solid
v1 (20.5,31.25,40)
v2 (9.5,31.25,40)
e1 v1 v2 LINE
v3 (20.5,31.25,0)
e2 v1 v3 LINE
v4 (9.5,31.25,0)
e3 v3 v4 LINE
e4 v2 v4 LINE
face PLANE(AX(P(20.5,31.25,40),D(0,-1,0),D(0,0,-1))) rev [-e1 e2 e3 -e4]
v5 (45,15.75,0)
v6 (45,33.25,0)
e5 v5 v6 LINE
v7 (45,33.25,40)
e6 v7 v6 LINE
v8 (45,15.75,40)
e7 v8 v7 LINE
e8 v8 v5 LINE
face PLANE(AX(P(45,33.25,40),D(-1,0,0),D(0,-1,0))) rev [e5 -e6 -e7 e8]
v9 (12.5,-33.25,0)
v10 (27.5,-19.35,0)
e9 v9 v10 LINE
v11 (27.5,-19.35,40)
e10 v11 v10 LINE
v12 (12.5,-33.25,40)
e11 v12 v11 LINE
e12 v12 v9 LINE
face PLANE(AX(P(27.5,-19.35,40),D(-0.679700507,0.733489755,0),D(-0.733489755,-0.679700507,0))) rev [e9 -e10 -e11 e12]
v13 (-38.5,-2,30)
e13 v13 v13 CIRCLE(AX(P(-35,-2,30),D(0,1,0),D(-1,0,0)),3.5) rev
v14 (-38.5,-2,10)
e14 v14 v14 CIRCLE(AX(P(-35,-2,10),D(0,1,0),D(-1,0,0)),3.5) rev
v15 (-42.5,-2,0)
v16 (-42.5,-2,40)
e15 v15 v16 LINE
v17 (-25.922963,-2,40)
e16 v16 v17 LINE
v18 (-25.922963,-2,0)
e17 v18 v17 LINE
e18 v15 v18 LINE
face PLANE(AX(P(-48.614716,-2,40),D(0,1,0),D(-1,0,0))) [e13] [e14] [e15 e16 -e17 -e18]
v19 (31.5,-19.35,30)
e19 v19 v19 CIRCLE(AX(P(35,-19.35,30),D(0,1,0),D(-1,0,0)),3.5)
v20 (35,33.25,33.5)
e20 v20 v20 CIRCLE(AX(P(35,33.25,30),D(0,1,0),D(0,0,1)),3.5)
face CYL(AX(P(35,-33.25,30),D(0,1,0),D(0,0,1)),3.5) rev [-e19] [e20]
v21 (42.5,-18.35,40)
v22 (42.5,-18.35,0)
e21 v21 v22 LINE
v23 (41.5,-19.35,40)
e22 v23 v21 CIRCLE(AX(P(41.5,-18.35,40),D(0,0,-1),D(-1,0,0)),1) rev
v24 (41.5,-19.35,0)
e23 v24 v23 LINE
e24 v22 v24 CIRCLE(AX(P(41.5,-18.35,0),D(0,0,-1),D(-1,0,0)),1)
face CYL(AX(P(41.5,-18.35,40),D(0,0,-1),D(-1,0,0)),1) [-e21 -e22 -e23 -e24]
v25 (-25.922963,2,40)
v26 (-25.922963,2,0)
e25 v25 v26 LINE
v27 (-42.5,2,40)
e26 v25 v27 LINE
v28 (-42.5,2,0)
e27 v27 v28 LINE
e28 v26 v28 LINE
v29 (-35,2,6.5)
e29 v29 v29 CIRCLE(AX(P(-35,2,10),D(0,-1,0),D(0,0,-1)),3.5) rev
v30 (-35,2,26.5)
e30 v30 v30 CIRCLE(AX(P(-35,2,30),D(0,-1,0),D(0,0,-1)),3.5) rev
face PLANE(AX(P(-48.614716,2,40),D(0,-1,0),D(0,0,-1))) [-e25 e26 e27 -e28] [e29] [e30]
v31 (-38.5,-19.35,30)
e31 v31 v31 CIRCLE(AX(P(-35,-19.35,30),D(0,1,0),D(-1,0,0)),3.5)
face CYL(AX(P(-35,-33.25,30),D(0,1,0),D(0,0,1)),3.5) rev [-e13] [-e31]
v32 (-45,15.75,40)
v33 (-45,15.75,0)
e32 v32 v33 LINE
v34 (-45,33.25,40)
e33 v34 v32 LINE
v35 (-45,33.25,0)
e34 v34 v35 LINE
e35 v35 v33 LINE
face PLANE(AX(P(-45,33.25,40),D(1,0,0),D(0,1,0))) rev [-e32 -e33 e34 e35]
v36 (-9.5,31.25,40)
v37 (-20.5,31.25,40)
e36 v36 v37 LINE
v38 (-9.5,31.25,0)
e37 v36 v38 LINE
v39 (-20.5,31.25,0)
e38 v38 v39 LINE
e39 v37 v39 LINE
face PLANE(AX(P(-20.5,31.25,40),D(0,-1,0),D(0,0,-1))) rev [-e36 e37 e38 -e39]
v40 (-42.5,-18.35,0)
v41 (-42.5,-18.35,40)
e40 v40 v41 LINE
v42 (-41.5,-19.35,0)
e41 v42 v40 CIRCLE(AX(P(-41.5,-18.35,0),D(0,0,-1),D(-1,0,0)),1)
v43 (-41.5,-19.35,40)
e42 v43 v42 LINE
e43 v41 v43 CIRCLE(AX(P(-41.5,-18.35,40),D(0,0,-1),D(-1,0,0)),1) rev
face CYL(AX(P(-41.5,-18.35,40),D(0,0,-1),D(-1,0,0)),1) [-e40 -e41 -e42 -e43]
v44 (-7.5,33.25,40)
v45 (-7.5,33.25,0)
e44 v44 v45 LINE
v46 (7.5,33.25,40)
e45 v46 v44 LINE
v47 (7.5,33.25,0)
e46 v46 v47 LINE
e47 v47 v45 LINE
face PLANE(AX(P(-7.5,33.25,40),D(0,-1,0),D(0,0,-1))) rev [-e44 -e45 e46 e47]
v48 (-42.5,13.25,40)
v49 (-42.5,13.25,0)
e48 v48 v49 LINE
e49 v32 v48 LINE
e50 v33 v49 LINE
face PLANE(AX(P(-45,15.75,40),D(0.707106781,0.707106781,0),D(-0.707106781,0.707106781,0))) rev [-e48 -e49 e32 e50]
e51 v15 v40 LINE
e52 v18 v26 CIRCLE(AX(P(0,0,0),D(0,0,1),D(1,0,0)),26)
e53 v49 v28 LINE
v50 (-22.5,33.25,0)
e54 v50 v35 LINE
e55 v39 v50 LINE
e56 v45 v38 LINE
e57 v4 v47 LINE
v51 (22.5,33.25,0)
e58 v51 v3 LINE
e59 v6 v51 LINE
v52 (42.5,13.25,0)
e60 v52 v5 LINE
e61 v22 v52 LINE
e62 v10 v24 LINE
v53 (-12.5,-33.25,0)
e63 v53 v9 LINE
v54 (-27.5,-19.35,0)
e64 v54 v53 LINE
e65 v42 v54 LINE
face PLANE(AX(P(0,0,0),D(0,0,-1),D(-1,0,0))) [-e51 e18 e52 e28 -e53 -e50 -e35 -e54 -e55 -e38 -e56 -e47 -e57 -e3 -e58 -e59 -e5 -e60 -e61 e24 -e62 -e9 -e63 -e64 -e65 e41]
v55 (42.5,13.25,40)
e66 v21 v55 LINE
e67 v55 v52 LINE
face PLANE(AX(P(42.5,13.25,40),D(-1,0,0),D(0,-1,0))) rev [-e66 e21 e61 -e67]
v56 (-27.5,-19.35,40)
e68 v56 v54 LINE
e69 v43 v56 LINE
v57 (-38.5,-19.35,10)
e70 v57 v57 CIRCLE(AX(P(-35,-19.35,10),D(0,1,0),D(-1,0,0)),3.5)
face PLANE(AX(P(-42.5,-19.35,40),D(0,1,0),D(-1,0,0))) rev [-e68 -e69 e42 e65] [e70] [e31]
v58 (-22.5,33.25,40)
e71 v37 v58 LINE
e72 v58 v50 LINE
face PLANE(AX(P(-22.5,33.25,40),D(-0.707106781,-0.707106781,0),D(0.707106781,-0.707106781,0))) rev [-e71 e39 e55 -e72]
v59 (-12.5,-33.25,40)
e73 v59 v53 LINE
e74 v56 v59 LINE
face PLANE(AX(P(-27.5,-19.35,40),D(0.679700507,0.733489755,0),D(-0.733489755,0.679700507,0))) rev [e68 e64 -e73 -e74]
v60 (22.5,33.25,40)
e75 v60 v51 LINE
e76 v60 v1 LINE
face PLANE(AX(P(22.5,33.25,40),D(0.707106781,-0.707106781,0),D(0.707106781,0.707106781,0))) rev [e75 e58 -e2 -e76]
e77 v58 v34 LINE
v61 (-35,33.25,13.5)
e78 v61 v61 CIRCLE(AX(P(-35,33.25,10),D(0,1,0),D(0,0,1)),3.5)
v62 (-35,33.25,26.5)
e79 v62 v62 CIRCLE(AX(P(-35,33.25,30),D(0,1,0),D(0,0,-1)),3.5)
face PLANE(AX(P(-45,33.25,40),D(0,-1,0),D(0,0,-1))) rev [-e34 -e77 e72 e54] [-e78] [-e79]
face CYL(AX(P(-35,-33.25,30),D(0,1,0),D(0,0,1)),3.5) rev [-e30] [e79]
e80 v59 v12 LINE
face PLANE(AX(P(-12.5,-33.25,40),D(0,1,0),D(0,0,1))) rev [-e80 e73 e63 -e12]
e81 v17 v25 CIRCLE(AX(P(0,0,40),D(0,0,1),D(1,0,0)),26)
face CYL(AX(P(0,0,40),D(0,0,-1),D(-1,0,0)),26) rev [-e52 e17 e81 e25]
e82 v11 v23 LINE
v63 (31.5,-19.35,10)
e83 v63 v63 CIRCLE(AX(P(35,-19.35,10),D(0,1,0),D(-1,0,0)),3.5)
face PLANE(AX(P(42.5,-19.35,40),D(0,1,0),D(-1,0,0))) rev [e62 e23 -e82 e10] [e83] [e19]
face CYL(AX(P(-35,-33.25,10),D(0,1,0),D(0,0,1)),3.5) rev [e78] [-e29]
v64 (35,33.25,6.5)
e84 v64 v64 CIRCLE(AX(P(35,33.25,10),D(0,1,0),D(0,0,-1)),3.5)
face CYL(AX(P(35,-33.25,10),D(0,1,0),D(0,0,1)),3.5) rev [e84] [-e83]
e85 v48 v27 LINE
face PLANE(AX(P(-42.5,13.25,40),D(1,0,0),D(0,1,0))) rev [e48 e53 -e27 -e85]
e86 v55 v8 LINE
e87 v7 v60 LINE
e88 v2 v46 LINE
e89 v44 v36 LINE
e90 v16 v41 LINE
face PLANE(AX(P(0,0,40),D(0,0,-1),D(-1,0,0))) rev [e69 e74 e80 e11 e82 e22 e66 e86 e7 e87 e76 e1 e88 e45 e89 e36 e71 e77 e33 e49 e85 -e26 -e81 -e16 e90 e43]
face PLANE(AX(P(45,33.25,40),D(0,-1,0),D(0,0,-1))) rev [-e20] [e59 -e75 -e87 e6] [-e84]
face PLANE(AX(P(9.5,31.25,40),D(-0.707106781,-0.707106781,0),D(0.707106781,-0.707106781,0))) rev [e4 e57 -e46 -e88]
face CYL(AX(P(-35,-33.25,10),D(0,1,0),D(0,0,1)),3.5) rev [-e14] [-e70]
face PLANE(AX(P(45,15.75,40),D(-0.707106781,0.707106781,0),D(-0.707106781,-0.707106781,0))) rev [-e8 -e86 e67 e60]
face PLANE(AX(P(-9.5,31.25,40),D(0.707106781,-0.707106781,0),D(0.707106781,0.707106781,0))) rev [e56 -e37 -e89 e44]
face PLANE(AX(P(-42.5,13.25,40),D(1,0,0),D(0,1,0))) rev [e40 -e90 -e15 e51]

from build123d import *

# Parameters (mm, degrees)
SKETCH_1_R          = 26
EXTRUDE_1_DEPTH     = 40
SKETCH_2_R          = 3.5
CUT_EXTRUDE_1_DEPTH = 67.5
SKETCH_3_W          = 33.659947674
SKETCH_3_H          = 4
CUT_EXTRUDE_3_DEPTH = 41
FILLET_1_R          = 1


with BuildPart() as part:
    # 草图1 → 凸台-拉伸1 (new body)
    with BuildSketch(Plane.XY):
        Polygon((-12.5, -33.25), (12.5, -33.25), (27.5, -19.35), (42.5, -19.35), (42.5, 13.25), (45, 15.75), (45, 33.25), (22.5, 33.25), (20.5, 31.25), (9.5, 31.25), (7.5, 33.25), (-7.5, 33.25), (-9.5, 31.25), (-20.5, 31.25), (-22.5, 33.25), (-45, 33.25), (-45, 15.75), (-42.5, 13.25), (-42.5, -19.35), (-27.5, -19.35), align=None)
        Circle(SKETCH_1_R, mode=Mode.SUBTRACT)
    extrude(amount=EXTRUDE_1_DEPTH)

    # 草图2 → 切除-拉伸1 (cut, through all)
    with BuildSketch(Plane(origin=(0, 33.25, 0), x_dir=(1, 0, 0), z_dir=(0, 1, 0))):
        with Locations((-35, -10)):
            Circle(SKETCH_2_R)
        with Locations((-35, -30)):
            Circle(SKETCH_2_R)
        with Locations((35, -30)):
            Circle(SKETCH_2_R)
        with Locations((35, -10)):
            Circle(SKETCH_2_R)
    extrude(amount=-CUT_EXTRUDE_1_DEPTH, mode=Mode.SUBTRACT)

    # 草图3 → 切除-拉伸3 (cut, through all)
    with BuildSketch(Plane.XY):
        with Locations((-31.784741675, 0)):
            Rectangle(SKETCH_3_W, SKETCH_3_H)
    extrude(amount=CUT_EXTRUDE_3_DEPTH, mode=Mode.SUBTRACT)

    # 圆角1
    fillet_1_edges = [part.edges().sort_by_distance(p)[0] for p in [
        (42.5, -19.35, 20),
        (-42.5, -19.35, 20),
    ]]
    fillet(fillet_1_edges, radius=FILLET_1_R)


solid = part.part
